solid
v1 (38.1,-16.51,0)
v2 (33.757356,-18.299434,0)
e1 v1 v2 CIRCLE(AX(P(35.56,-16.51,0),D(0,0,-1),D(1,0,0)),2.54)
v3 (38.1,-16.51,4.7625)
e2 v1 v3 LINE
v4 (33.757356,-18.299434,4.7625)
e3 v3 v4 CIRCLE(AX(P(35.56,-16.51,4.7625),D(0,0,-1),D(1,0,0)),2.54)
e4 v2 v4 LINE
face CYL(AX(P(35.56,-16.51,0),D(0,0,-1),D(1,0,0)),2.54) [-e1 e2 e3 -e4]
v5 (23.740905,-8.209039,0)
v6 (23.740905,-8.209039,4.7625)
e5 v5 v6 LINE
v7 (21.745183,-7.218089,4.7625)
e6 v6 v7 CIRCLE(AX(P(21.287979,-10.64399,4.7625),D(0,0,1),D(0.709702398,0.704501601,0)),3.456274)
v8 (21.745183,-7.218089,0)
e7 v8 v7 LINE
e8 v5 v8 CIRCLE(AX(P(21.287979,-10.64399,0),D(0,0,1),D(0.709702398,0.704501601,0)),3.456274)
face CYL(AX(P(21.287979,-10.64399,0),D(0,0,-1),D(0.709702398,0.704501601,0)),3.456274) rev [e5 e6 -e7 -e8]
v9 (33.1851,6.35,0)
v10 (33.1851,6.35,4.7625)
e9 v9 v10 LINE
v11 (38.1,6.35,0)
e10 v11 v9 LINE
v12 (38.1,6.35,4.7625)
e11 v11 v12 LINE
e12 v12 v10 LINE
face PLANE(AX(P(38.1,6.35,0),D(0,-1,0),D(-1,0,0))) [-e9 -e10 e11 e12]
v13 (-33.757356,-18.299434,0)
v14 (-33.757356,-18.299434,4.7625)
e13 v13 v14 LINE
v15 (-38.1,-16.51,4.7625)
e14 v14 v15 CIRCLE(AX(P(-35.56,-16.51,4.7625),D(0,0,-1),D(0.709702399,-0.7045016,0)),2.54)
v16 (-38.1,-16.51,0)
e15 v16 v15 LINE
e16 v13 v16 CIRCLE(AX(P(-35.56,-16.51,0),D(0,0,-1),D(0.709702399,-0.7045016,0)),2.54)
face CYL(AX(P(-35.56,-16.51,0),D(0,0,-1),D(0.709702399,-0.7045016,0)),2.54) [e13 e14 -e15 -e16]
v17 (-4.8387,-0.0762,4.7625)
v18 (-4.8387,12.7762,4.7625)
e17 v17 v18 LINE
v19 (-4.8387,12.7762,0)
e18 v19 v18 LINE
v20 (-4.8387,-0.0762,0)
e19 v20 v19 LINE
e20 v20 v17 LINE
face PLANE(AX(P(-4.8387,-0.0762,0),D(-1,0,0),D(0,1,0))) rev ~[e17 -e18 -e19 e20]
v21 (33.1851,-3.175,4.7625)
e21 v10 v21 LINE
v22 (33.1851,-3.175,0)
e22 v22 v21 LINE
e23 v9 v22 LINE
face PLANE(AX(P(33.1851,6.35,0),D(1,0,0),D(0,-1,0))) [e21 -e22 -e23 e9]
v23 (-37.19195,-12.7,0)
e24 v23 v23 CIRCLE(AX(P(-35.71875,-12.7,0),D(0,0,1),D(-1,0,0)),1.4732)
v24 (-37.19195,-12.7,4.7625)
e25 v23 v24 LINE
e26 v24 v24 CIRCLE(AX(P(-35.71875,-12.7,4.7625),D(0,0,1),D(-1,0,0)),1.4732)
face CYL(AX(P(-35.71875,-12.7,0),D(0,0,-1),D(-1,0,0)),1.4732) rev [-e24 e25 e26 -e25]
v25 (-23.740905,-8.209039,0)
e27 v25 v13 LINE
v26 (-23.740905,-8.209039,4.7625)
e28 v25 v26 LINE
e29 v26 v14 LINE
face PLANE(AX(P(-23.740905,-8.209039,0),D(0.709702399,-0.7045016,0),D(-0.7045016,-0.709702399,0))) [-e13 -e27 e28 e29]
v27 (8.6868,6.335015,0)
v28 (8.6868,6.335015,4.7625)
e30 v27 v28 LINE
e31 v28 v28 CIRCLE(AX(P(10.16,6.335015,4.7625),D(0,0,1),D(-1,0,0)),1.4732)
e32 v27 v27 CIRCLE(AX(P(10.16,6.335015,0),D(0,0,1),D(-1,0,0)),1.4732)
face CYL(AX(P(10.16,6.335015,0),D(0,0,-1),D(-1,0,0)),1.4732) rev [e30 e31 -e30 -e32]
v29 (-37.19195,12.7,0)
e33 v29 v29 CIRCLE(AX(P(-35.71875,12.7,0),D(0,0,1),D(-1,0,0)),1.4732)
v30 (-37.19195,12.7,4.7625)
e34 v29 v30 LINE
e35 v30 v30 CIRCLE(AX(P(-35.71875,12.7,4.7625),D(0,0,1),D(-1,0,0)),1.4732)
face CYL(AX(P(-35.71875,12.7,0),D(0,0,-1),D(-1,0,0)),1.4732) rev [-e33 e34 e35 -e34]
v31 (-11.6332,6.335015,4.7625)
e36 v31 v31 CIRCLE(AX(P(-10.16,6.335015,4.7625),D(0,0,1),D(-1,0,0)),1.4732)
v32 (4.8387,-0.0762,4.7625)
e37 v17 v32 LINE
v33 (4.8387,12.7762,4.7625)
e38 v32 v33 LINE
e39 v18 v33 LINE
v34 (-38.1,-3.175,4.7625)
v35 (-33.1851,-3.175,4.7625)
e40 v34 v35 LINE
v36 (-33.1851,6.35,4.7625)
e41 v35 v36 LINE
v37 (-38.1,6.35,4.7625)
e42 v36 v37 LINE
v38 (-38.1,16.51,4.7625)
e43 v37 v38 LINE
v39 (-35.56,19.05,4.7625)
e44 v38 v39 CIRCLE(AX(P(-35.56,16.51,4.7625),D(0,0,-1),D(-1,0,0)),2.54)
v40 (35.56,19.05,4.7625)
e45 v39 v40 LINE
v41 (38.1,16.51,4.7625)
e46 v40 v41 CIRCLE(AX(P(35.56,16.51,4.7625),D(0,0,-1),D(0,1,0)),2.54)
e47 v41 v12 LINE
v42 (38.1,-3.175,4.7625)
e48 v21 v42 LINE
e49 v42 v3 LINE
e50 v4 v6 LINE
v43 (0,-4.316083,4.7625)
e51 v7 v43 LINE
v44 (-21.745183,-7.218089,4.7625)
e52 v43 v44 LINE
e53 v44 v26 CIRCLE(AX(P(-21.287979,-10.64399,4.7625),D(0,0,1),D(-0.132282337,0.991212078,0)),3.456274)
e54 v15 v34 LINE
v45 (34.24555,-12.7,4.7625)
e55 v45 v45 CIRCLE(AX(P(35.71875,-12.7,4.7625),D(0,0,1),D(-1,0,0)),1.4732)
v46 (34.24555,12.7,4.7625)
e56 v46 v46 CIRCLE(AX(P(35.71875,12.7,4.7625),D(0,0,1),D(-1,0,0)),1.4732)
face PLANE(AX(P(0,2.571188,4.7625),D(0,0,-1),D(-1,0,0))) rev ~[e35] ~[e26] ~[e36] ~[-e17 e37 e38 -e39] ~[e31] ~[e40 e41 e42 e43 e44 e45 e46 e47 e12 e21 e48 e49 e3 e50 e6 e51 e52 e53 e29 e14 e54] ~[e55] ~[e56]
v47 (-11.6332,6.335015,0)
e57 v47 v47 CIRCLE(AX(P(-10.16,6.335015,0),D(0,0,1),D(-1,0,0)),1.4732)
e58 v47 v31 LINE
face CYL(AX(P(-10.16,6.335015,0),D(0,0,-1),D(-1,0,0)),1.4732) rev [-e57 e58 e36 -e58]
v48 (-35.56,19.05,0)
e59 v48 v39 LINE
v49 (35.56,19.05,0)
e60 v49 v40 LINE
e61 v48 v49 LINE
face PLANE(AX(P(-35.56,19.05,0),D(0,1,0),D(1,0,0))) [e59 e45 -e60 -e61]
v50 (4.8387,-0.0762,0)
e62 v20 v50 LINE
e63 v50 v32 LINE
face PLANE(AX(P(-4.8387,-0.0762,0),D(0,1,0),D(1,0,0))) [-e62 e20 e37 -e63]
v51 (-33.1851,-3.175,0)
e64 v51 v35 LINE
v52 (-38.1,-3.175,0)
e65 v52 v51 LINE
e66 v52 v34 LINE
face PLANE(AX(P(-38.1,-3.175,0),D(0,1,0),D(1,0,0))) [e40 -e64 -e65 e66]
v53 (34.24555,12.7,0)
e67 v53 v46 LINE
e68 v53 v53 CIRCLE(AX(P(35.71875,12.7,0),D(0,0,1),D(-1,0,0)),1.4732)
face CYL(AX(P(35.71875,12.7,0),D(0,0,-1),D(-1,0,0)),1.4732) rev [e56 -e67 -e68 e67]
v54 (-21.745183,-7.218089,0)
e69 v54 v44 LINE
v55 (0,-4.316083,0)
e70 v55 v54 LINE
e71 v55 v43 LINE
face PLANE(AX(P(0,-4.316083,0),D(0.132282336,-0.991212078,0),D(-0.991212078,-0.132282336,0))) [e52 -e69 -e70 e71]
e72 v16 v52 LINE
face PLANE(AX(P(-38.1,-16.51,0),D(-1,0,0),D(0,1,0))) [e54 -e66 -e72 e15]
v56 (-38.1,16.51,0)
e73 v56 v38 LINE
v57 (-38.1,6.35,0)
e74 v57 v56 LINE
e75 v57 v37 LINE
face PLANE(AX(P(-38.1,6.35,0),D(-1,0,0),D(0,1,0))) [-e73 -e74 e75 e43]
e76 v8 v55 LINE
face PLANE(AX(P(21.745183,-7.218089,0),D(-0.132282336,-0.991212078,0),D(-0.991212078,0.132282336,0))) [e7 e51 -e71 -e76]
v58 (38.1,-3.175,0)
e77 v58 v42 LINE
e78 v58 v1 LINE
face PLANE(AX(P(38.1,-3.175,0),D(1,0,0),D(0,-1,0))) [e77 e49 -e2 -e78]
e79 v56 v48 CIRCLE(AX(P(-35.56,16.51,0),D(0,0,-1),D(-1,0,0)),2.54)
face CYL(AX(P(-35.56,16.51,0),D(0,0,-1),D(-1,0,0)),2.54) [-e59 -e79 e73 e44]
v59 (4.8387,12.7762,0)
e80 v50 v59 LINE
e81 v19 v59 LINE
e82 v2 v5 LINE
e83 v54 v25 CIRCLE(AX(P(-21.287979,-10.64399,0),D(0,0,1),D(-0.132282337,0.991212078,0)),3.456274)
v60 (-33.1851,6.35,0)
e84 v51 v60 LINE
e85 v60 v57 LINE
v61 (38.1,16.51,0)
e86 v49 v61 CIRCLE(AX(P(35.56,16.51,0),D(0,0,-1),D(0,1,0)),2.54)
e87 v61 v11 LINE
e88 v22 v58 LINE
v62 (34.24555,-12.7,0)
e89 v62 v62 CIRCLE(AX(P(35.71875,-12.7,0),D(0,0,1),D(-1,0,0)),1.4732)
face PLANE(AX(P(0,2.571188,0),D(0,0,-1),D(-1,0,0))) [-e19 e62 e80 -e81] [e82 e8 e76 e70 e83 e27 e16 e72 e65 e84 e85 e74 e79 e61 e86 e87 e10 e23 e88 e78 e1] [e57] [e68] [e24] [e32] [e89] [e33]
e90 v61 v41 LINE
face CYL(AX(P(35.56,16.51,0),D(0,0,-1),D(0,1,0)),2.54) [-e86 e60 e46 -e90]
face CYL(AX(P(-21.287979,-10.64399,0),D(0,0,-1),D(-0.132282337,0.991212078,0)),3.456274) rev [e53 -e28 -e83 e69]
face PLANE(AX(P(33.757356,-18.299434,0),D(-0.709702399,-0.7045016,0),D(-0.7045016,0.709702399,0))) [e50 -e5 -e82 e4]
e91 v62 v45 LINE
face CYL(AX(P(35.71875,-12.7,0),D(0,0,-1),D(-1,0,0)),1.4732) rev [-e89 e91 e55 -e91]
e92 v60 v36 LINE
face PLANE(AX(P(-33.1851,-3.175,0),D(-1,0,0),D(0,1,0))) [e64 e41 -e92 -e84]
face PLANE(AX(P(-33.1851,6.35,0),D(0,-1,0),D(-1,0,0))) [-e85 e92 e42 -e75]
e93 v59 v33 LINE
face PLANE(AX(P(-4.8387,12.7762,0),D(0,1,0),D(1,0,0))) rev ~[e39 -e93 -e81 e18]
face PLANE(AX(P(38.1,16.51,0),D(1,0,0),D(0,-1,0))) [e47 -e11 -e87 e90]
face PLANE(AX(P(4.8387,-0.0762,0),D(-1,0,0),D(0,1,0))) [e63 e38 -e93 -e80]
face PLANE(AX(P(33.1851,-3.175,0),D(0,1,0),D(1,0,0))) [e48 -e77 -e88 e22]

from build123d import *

# Parameters (mm, degrees)
SKETCH2_R           = 1.4732
SKETCH2_W           = 9.6774
SKETCH2_H           = 12.8524
BOSS_EXTRUDE1_DEPTH = 4.7625


with BuildPart() as part:
    # Sketch2 → Boss-Extrude1 (new body)
    with BuildSketch(Plane.XY):
        with BuildLine():
            Line((-38.1, -16.51), (-38.1, -3.175))
            Line((-38.1, -3.175), (-33.1851, -3.175))
            Line((-33.1851, -3.175), (-33.1851, 6.35))
            Line((-33.1851, 6.35), (-38.1, 6.35))
            Line((-38.1, 6.35), (-38.1, 16.51))
            ThreePointArc((-38.1, 16.51), (-37.356051224, 18.306051224), (-35.56, 19.05))
            Line((-35.56, 19.05), (35.56, 19.05))
            ThreePointArc((35.56, 19.05), (37.356051224, 18.306051224), (38.1, 16.51))
            Line((38.1, 16.51), (38.1, 6.35))
            Line((38.1, 6.35), (33.1851, 6.35))
            Line((33.1851, 6.35), (33.1851, -3.175))
            Line((33.1851, -3.175), (38.1, -3.175))
            Line((38.1, -3.175), (38.1, -16.51))
            ThreePointArc((38.1, -16.51), (36.527699334, -18.858437353), (33.757355906, -18.299434064))
            Line((33.757355906, -18.299434064), (23.740904814, -8.209039139))
            ThreePointArc((23.740904814, -8.209039139), (22.825089709, -7.548328204), (21.745183011, -7.218089243))
            Line((21.745183011, -7.218089243), (0, -4.31608303))
            Line((0, -4.31608303), (-21.745183011, -7.218089243))
            ThreePointArc((-21.745183011, -7.218089243), (-22.825089709, -7.548328204), (-23.740904814, -8.209039139))
            Line((-23.740904814, -8.209039139), (-33.757355906, -18.299434064))
            ThreePointArc((-33.757355906, -18.299434064), (-36.527699334, -18.858437353), (-38.1, -16.51))
        make_face()
        with Locations(Location((-35.71875, 12.7, 0), (0, 0, 180))):
            Circle(SKETCH2_R, mode=Mode.SUBTRACT)
        with Locations(Location((-35.71875, -12.7, 0), (0, 0, 180))):
            Circle(SKETCH2_R, mode=Mode.SUBTRACT)
        with Locations(Location((35.71875, -12.7, 0), (0, 0, 180))):
            Circle(SKETCH2_R, mode=Mode.SUBTRACT)
        with Locations(Location((35.71875, 12.7, 0), (0, 0, 180))):
            Circle(SKETCH2_R, mode=Mode.SUBTRACT)
        with Locations(Location((-10.16, 6.335014615, 0), (0, 0, 180))):
            Circle(SKETCH2_R, mode=Mode.SUBTRACT)
        with Locations(Location((10.16, 6.335014615, 0), (0, 0, 180))):
            Circle(SKETCH2_R, mode=Mode.SUBTRACT)
        with Locations((0, 6.35)):
            Rectangle(SKETCH2_W, SKETCH2_H, mode=Mode.SUBTRACT)
    extrude(amount=BOSS_EXTRUDE1_DEPTH)


solid = part.part
